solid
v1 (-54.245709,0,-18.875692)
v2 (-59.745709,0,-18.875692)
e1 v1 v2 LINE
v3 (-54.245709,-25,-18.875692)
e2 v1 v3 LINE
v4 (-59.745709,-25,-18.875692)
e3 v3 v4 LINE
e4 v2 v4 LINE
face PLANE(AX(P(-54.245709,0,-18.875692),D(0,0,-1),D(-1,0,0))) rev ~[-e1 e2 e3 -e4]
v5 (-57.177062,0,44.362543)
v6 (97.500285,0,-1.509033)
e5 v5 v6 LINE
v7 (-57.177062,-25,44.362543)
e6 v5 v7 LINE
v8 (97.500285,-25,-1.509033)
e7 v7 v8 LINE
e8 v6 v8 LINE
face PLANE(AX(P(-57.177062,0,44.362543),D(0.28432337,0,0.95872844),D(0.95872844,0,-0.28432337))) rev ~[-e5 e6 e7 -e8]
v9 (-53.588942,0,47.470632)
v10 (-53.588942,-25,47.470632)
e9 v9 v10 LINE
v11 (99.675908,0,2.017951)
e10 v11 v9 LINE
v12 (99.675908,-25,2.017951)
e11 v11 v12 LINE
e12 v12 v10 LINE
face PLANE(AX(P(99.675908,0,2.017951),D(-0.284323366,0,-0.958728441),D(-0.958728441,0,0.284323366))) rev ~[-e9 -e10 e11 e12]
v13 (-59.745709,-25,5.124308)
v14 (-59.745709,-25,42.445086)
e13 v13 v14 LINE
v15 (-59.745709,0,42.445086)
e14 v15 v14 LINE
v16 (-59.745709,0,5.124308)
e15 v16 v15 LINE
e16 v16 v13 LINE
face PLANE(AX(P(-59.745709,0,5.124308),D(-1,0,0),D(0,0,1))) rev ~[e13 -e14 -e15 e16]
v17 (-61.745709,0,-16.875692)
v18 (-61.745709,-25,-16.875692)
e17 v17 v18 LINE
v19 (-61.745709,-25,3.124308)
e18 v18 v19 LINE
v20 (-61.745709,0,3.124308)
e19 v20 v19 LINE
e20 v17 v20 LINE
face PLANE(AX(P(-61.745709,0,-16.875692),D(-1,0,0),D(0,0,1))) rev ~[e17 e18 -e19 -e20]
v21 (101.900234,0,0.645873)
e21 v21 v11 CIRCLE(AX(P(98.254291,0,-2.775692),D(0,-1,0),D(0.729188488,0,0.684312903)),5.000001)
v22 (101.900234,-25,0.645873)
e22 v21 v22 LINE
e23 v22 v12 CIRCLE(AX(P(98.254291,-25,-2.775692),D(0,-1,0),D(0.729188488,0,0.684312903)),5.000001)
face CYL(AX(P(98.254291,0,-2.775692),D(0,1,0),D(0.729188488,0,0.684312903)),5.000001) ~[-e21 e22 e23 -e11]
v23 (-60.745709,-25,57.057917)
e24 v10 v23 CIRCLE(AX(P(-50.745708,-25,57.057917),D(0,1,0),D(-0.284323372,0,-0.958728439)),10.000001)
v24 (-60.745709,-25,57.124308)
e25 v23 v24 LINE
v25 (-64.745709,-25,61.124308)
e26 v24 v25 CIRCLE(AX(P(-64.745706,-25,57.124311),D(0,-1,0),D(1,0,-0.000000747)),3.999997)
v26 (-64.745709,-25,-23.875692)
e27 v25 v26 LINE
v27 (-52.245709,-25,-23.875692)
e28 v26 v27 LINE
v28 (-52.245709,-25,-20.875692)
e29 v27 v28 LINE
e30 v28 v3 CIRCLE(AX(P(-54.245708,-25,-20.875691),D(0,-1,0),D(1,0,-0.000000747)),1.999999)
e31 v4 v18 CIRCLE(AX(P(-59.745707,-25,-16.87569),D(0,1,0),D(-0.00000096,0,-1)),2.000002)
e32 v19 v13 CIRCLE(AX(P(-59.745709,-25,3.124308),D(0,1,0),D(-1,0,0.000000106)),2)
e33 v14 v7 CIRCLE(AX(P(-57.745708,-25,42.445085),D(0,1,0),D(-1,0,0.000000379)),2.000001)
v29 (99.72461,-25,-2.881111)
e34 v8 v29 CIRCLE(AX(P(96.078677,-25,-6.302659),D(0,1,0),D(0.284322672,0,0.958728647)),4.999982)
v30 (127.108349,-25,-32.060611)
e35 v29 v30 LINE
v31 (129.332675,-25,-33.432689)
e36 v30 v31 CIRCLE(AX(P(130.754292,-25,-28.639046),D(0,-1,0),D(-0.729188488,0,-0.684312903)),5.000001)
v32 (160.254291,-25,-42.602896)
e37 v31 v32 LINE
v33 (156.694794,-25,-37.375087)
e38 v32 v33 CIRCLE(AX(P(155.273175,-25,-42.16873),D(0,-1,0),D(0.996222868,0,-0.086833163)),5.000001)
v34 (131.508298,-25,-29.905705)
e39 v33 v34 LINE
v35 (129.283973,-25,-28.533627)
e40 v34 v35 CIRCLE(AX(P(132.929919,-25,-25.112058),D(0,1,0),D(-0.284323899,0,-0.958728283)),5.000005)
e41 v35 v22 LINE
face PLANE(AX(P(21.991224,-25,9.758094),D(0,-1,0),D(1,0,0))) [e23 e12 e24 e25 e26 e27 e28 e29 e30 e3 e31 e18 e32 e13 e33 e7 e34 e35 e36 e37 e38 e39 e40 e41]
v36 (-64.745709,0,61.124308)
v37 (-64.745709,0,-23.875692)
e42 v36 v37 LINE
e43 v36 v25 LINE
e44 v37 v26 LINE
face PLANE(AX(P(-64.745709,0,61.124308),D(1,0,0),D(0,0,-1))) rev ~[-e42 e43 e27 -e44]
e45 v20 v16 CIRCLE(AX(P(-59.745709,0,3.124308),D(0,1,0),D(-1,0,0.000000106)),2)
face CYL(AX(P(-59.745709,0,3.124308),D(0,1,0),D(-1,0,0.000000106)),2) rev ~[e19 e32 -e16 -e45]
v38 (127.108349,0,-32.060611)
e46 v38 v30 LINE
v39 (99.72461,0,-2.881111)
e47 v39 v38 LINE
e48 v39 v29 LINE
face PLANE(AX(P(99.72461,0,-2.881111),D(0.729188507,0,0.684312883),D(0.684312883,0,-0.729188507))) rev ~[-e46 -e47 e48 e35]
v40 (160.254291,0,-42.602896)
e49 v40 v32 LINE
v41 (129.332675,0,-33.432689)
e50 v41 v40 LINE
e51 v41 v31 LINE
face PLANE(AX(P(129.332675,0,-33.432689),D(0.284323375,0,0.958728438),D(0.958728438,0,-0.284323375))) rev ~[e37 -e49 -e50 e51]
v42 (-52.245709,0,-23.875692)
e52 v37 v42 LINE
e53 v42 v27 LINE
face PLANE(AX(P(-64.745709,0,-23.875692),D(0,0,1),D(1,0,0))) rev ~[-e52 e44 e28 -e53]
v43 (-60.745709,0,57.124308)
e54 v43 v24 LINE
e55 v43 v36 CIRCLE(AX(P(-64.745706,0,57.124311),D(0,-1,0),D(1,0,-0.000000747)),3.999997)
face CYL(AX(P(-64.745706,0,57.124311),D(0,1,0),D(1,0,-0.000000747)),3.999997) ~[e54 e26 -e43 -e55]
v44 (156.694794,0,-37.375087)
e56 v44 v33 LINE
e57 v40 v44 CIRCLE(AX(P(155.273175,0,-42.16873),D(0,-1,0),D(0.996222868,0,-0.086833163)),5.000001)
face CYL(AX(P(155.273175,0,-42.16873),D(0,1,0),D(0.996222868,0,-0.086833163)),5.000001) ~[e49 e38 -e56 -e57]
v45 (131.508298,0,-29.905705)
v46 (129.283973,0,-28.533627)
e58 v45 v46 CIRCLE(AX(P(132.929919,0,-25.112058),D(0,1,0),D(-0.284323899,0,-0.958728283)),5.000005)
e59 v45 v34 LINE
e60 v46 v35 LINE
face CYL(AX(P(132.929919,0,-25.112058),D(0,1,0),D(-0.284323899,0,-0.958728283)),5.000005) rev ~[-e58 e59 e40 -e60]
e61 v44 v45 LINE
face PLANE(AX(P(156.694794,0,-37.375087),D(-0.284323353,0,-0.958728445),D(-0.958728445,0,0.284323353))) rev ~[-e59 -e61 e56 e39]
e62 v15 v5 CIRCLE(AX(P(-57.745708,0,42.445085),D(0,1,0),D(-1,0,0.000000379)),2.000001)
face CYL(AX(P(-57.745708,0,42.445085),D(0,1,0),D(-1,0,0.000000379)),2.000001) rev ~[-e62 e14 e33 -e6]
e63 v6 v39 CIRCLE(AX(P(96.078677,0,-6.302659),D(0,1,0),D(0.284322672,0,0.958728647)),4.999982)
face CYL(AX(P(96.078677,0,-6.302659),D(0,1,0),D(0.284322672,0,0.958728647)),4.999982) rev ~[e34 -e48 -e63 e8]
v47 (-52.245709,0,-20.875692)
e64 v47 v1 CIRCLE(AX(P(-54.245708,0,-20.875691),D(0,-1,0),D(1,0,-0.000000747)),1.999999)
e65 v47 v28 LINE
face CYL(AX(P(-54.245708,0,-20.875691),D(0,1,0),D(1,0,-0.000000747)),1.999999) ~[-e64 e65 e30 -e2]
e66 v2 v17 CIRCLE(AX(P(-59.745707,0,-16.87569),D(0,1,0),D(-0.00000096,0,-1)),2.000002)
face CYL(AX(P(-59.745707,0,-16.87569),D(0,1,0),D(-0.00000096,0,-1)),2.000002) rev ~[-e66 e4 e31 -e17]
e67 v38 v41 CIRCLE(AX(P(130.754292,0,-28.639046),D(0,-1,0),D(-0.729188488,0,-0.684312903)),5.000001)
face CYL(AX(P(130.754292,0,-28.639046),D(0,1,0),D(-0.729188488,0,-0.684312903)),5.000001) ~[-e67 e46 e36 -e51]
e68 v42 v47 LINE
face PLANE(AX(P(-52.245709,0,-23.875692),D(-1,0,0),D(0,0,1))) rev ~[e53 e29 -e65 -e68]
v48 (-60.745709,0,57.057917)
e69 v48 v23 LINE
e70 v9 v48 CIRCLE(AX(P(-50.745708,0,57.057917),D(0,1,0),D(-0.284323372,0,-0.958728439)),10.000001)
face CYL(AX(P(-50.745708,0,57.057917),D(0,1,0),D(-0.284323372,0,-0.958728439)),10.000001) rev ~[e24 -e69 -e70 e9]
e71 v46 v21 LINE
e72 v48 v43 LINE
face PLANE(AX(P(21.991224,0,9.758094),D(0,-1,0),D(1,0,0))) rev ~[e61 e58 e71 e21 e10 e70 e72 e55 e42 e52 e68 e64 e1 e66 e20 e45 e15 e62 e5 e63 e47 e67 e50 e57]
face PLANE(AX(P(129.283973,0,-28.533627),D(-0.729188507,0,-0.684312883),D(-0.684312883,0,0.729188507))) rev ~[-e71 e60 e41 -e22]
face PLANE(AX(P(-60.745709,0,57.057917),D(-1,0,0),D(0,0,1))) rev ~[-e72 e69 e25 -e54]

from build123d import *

# Parameters (mm, degrees)
F1_DEPTH = 25


with BuildPart() as f1:
    # F0 (on Front) → F1 (new body)
    with BuildSketch(Plane.XZ):
        with BuildLine():
            Line((-64.745709, 61.124308), (-64.745709, -23.875692))
            Line((-64.745709, -23.875692), (-52.245709, -23.875692))
            Line((-52.245709, -23.875692), (-52.245709, -20.875692))
            ThreePointArc((-52.245709, -20.875692), (-52.831495, -19.461478), (-54.245709, -18.875692))
            Line((-54.245709, -18.875692), (-59.745709, -18.875692))
            ThreePointArc((-59.745709, -18.875692), (-61.159922, -18.289905), (-61.745709, -16.875692))
            Line((-61.745709, -16.875692), (-61.745709, 3.124308))
            ThreePointArc((-61.745709, 3.124308), (-61.159922, 4.538522), (-59.745709, 5.124308))
            Line((-59.745709, 5.124308), (-59.745709, 42.445086))
            ThreePointArc((-59.745709, 42.445086), (-58.9421, 44.047786), (-57.177062, 44.362543))
            Line((-57.177062, 44.362543), (97.500285, -1.509033))
            ThreePointArc((97.500285, -1.509033), (98.70368, -2.047171), (99.72461, -2.881111))
            Line((99.72461, -2.881111), (127.108349, -32.060611))
            ThreePointArc((127.108349, -32.060611), (128.129279, -32.89455), (129.332675, -33.432689))
            Line((129.332675, -33.432689), (160.254291, -42.602896))
            ThreePointArc((160.254291, -42.602896), (159.406122, -39.3547), (156.694794, -37.375087))
            Line((156.694794, -37.375087), (131.508298, -29.905705))
            ThreePointArc((131.508298, -29.905705), (130.304903, -29.367566), (129.283973, -28.533627))
            Line((129.283973, -28.533627), (101.900234, 0.645873))
            ThreePointArc((101.900234, 0.645873), (100.879304, 1.479812), (99.675908, 2.017951))
            Line((99.675908, 2.017951), (-53.588942, 47.470632))
            ThreePointArc((-53.588942, 47.470632), (-58.759208, 51.075958), (-60.745709, 57.057917))
            Line((-60.745709, 57.057917), (-60.745709, 57.124308))
            ThreePointArc((-60.745709, 57.124308), (-61.917281, 59.952736), (-64.745709, 61.124308))
        make_face()
    extrude(amount=F1_DEPTH)


solid = f1.part
